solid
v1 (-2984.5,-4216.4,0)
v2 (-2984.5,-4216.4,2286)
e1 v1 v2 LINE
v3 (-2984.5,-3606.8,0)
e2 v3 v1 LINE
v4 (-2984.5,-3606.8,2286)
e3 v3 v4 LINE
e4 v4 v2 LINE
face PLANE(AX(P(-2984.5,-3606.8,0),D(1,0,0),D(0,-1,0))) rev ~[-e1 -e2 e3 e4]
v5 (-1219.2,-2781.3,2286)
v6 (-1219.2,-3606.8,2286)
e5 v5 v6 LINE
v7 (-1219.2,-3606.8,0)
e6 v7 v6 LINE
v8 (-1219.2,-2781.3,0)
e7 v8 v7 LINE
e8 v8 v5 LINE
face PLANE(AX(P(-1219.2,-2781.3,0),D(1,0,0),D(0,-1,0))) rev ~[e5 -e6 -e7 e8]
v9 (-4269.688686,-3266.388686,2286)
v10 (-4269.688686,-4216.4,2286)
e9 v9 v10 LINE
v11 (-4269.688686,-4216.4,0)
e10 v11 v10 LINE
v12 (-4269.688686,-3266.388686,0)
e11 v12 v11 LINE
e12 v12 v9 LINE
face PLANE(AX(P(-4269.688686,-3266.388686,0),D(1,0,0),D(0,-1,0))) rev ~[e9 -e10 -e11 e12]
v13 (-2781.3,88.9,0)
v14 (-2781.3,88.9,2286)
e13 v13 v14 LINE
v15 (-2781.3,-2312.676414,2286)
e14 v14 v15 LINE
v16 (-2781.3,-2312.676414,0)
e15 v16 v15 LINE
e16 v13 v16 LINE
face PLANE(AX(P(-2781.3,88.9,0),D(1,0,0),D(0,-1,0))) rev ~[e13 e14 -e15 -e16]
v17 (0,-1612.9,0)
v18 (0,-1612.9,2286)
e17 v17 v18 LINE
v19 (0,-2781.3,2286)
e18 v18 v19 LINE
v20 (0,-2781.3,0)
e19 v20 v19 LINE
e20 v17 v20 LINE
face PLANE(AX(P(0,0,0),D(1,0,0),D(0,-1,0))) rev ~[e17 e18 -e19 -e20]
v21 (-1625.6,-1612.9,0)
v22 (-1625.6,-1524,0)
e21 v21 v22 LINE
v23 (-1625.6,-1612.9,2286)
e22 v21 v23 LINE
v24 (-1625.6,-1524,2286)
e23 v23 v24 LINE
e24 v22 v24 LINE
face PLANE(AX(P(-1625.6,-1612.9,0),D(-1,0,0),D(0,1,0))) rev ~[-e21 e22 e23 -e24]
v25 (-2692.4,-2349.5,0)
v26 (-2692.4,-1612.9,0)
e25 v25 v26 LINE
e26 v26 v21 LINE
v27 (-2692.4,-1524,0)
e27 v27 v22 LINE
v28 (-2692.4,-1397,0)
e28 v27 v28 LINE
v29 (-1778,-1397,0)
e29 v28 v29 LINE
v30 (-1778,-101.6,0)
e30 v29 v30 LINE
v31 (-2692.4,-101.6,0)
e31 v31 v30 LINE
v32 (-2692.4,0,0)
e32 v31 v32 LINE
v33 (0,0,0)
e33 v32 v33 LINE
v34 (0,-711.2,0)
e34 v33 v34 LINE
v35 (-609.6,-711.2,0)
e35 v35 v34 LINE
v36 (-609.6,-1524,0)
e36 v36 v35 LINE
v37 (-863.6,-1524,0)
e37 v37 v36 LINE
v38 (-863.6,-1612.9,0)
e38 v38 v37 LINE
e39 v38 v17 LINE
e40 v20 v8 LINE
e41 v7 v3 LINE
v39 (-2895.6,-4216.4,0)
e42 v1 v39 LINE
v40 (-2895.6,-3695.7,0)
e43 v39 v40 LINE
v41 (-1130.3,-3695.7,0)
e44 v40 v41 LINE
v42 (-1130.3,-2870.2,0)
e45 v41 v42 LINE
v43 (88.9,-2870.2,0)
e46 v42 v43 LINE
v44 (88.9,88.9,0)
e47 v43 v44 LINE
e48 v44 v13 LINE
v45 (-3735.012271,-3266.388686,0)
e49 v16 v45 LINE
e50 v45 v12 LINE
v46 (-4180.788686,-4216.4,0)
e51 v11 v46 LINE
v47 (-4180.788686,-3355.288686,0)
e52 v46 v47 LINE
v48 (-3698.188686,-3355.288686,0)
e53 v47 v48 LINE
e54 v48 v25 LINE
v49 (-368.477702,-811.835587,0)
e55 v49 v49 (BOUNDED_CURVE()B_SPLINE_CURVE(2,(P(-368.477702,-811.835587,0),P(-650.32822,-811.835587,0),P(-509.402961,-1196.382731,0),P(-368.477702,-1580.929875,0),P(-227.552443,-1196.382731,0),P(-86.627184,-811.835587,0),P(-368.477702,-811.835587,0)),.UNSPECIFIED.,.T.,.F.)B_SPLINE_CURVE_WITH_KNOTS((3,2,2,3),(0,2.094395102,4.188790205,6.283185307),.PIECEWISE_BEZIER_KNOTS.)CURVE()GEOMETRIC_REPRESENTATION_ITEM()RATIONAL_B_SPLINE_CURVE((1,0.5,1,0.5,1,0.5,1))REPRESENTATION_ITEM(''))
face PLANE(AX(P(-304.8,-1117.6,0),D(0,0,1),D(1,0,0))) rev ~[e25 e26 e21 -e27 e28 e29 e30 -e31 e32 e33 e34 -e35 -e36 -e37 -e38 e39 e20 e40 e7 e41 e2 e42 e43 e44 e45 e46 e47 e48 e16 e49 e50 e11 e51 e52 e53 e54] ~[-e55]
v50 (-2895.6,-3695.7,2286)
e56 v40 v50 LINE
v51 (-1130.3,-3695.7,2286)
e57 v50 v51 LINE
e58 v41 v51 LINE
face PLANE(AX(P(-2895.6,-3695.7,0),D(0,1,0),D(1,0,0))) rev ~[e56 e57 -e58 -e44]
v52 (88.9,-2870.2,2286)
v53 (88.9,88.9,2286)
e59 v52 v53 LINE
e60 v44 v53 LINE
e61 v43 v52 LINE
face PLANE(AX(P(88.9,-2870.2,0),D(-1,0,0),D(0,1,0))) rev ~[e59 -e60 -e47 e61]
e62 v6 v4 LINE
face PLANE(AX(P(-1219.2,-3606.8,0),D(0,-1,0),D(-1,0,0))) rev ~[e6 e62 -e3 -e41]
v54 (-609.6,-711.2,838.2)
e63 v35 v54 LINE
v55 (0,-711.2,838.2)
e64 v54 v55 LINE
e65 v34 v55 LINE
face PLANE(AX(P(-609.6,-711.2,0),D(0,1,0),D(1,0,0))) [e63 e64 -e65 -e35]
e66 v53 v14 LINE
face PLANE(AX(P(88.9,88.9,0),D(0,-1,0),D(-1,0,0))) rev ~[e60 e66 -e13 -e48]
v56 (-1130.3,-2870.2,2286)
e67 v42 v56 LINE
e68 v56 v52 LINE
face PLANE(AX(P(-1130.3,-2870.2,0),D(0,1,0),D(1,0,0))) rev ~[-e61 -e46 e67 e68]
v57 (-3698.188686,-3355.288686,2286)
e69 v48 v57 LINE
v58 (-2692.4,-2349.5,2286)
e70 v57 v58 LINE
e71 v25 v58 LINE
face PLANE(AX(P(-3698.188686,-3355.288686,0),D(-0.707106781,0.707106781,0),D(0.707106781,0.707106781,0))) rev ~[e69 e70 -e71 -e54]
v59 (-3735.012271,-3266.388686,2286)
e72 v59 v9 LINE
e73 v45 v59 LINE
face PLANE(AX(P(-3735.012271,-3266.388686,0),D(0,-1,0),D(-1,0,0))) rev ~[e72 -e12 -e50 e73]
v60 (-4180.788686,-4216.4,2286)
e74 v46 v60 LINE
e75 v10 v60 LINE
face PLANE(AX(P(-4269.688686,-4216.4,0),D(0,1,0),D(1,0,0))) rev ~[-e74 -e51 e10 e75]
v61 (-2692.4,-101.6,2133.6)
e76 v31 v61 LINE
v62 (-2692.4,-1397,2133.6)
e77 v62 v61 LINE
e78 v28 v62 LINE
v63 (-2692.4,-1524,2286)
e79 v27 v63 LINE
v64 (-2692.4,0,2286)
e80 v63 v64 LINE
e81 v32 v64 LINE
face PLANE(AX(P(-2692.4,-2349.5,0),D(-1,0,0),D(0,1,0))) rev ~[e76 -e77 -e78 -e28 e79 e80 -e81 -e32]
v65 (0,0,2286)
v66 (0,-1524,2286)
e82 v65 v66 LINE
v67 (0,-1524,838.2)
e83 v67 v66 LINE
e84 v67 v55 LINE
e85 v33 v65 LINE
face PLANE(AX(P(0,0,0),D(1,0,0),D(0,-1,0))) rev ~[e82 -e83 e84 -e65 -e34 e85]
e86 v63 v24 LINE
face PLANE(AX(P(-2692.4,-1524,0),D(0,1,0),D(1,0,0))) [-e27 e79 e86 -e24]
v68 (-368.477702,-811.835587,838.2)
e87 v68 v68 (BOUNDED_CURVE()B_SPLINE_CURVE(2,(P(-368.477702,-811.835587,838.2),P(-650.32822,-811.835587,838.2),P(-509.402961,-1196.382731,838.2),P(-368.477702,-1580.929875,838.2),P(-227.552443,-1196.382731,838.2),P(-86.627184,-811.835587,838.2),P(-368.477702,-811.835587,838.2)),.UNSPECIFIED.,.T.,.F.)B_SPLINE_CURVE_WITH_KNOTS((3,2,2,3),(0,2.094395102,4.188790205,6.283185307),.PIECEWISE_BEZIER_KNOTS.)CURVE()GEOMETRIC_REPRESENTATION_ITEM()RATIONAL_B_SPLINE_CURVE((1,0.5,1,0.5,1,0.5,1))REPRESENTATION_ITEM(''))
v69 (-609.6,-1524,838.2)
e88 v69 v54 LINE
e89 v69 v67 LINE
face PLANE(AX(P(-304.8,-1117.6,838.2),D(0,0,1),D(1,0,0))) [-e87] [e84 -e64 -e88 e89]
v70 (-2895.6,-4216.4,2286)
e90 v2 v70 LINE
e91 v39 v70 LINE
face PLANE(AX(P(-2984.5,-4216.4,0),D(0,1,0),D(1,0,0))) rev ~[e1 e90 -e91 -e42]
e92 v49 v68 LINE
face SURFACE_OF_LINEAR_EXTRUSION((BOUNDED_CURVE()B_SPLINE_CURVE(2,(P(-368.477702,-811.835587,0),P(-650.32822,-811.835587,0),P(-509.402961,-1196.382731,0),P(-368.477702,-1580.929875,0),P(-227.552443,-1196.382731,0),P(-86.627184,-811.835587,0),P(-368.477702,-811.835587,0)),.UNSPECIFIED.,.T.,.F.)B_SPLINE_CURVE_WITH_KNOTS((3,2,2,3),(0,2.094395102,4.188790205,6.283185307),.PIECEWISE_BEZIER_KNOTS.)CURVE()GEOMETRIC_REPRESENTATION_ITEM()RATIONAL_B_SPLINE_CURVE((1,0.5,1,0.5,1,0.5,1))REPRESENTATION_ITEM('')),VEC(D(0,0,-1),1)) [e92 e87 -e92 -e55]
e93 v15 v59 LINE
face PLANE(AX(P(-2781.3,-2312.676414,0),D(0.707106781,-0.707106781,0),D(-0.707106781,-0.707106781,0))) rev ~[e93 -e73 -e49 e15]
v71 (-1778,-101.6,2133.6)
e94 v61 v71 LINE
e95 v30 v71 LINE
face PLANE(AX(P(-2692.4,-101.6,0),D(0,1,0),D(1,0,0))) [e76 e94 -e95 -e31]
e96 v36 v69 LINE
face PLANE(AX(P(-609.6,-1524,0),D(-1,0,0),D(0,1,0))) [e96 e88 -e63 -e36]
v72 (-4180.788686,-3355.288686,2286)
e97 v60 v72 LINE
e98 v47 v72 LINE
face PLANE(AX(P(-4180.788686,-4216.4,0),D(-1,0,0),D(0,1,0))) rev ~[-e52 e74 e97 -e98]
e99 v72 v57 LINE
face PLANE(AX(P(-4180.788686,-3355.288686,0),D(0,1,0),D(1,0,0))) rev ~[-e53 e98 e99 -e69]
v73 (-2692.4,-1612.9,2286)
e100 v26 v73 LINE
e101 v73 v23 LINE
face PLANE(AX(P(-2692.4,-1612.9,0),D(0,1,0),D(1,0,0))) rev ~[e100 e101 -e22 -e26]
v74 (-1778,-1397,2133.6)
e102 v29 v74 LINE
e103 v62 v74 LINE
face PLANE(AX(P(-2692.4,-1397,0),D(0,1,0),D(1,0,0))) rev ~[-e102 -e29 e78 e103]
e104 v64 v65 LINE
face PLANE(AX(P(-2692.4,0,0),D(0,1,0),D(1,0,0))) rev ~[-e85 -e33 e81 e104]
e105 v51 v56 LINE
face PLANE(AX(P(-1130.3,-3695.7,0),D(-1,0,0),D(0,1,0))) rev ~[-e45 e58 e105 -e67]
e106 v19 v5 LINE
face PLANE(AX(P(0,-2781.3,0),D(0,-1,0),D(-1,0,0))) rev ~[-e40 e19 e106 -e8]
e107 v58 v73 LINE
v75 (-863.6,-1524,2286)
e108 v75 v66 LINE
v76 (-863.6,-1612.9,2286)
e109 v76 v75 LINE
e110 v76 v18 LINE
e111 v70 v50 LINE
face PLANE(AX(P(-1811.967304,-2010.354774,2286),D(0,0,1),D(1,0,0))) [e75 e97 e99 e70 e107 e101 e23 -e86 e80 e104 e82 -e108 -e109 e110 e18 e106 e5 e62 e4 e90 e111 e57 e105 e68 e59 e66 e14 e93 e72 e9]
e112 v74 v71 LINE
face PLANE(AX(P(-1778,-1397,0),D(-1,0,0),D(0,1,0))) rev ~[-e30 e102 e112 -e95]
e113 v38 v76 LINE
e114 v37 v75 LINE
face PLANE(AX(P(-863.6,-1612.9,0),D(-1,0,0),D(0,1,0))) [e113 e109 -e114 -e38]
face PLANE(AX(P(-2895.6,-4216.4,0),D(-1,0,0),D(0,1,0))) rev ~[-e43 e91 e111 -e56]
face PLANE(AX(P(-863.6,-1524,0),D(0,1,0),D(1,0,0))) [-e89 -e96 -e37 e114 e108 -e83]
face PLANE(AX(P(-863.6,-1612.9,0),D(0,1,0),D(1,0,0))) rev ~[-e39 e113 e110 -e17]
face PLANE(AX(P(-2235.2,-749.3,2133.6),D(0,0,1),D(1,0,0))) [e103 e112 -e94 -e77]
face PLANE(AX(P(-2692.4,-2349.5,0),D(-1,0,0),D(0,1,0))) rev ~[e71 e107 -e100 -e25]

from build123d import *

# Parameters (mm, degrees)
F1_DEPTH = 2286
F4_W     = 863.6
F4_H     = 88.9
F4_W_2   = 1066.8
F5_DEPTH = 2286
F2_W     = 914.4
F2_H     = 1295.4
F6_DEPTH = 2133.6
F3_W     = 609.6
F3_H     = 812.8
F7_DEPTH = 838.2


with BuildPart() as f1:
    # F0 (on Top) → F1 (new body)
    with BuildSketch(Plane.XY):
        Polygon((-2692.4, 0), (0, 0), (0, -2781.3), (-1219.2, -2781.3), (-1219.2, -3606.8), (-2984.5, -3606.8), (-2984.5, -4216.4), (-2895.6, -4216.4), (-2895.6, -3695.7), (-1130.3, -3695.7), (-1130.3, -2870.2), (88.9, -2870.2), (88.9, 88.9), (-2781.3, 88.9), (-2781.3, -2312.676414305), (-3735.0122712547, -3266.3886855597), (-4269.6886855597, -3266.3886855597), (-4269.6886855597, -4216.4), (-4180.7886855597, -4216.4), (-4180.7886855597, -3355.2886855597), (-3698.1886855597, -3355.2886855597), (-2692.4, -2349.5), align=None)
    extrude(amount=F1_DEPTH)

    # F4 (on Top) → F5 (join)
    with BuildSketch(Plane.XY):
        with Locations((-431.8, -1568.45)):
            Rectangle(F4_W, F4_H)
        with Locations((-2159, -1568.45)):
            Rectangle(F4_W_2, F4_H)
    extrude(amount=F5_DEPTH)

    # F2 (on Top) → F6 (join)
    with BuildSketch(Plane.XY):
        with Locations((-2235.2, -749.3)):
            Rectangle(F2_W, F2_H)
    extrude(amount=F6_DEPTH)

    # F3 (on Top) → F7 (join)
    with BuildSketch(Plane.XY):
        with Locations((-304.8, -1117.6)):
            Rectangle(F3_W, F3_H)
        with BuildLine():
            add(Edge.make_bspline(
                [(-368.4777021408, -811.8355870247), (-650.3282199706, -811.8355870247), (-509.4029610557, -1196.3827311993), (-368.4777021408, -1580.9298753738), (-227.5524432259, -1196.3827311993), (-86.627184311, -811.8355870247), (-368.4777021408, -811.8355870247)],
                knots=[0, 0, 0, 2.0943951024, 2.0943951024, 4.1887902048, 4.1887902048, 6.2831853072, 6.2831853072, 6.2831853072], degree=2, weights=[1, 0.5, 1, 0.5, 1, 0.5, 1]))
        make_face(mode=Mode.SUBTRACT)
    extrude(amount=F7_DEPTH)


solid = f1.part
